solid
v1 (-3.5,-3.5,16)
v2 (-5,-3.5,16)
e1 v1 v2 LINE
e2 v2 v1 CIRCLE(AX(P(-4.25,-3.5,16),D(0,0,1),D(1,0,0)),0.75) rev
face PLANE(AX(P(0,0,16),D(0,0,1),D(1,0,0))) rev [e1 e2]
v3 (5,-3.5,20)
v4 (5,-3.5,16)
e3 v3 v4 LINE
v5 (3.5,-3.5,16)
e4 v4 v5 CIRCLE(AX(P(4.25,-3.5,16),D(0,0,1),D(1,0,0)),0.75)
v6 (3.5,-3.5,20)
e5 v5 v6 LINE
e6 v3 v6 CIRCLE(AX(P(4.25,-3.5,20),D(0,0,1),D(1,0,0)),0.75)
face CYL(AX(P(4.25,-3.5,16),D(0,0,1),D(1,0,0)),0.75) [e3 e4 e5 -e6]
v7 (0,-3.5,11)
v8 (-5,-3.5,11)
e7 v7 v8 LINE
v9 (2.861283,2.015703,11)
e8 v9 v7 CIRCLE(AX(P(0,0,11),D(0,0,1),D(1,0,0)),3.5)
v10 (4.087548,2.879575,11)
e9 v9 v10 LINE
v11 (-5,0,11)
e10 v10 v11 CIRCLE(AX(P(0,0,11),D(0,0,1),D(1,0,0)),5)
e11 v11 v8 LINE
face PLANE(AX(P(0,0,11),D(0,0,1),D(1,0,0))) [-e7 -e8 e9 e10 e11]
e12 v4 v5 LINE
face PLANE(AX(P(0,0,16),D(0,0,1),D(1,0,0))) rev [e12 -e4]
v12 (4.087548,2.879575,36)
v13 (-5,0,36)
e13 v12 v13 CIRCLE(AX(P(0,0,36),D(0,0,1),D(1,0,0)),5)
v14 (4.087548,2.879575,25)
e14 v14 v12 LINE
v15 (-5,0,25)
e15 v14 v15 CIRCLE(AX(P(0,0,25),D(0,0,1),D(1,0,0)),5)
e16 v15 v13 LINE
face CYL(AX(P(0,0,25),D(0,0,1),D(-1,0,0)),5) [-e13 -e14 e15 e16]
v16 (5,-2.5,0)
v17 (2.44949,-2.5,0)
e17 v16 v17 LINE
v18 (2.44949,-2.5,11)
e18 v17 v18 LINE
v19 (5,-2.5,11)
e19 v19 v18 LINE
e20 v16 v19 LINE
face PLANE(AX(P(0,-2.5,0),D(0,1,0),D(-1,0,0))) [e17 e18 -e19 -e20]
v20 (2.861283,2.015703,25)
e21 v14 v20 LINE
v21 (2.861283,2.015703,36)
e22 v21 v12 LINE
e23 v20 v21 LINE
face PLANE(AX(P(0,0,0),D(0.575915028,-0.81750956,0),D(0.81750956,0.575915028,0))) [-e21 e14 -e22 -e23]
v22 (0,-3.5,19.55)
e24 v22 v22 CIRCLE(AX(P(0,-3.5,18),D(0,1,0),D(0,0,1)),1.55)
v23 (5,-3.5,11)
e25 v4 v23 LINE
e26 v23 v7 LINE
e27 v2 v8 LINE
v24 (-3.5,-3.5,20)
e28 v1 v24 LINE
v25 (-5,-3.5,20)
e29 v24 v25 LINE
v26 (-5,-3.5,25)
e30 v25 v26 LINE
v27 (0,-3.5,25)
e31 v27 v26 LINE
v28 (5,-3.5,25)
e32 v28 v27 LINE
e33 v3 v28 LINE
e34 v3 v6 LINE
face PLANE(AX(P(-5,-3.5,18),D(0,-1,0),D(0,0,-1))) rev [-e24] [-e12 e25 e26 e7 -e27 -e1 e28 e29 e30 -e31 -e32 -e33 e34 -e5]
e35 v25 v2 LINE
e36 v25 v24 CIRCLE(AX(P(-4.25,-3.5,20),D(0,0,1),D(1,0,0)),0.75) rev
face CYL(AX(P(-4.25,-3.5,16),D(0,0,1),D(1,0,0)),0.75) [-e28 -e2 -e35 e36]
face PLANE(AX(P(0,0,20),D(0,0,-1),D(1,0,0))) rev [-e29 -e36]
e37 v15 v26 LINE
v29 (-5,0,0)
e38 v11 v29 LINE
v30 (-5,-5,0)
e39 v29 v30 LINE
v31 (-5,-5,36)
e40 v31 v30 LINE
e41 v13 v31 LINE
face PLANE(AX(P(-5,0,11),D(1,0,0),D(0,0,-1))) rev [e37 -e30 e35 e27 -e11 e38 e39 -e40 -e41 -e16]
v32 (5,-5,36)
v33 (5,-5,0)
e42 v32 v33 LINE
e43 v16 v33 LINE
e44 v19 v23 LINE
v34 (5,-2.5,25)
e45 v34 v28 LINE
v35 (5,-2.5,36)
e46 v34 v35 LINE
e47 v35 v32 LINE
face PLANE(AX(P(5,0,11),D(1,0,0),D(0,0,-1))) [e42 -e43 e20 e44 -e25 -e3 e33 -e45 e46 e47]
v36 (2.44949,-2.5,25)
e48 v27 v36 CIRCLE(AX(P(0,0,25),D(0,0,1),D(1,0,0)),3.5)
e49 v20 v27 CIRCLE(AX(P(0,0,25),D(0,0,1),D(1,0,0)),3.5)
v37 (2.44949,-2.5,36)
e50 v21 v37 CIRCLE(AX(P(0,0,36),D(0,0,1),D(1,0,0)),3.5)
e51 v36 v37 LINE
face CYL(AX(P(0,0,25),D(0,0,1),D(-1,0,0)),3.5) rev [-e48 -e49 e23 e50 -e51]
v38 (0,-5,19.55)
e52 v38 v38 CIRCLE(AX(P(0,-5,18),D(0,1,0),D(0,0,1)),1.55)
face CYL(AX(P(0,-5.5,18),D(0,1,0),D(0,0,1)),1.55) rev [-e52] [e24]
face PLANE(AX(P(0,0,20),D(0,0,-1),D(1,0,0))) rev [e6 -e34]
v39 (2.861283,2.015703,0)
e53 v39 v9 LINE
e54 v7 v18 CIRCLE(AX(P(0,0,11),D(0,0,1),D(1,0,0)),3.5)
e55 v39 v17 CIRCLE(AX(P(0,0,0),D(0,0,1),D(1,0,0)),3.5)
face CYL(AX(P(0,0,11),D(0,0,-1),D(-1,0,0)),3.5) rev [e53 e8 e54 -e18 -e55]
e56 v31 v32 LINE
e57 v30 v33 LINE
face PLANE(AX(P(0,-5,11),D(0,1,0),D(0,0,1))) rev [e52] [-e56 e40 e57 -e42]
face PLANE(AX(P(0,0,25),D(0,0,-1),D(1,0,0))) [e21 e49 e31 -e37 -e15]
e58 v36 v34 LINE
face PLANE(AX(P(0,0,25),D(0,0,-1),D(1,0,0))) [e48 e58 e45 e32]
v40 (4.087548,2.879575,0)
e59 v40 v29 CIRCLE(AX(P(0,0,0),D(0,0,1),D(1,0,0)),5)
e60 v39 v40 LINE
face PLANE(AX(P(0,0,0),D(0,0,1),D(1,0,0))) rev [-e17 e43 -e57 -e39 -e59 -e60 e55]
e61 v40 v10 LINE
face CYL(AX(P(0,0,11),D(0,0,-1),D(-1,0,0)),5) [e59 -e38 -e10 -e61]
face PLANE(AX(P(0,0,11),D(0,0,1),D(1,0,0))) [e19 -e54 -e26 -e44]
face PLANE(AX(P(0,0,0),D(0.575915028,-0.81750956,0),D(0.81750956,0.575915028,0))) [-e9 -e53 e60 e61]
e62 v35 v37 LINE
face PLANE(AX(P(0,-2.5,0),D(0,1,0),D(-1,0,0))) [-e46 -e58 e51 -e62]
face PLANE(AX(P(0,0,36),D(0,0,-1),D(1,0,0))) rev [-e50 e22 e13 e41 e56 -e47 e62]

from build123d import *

# Parameters (mm, degrees)
RESSALTO_EXTRUS_O1_DEPTH = 11
ESBO_O2_W                = 10
ESBO_O2_H                = 1.5
RESSALTO_EXTRUS_O2_DEPTH = 7
RESSALTO_EXTRUS_O3_DEPTH = 2
ESBO_O4_R                = 1.55
CORTE_EXTRUS_O1_DEPTH    = 2
CORTE_EXTRUS_O2_DEPTH    = 37.687872656


with BuildPart() as part:
    # Esboço1 → Ressalto-extrusão1 (new body)
    with BuildSketch(Plane.XY):
        with BuildLine():
            Line((-5, -5), (0, -5))
            ThreePointArc((0, -5), (-3.535533906, -3.535533906), (-5, 0))
            Line((-5, 0), (-5, -5))
        make_face()
        with BuildLine():
            Line((5, -5), (5, 0))
            ThreePointArc((5, 0), (3.535533906, -3.535533906), (0, -5))
            Line((0, -5), (5, -5))
        make_face()
        with BuildLine():
            ThreePointArc((-3.5, 0), (0, 3.5), (3.5, 0))
            Line((3.5, 0), (5, 0))
            ThreePointArc((5, 0), (3.535533906, 3.535533905), (1e-09, 5))
            ThreePointArc((1e-09, 5), (-3.535533905, 3.535533906), (-5, 0))
            Line((-5, 0), (-3.5, 0))
        make_face()
        with BuildLine():
            Line((5, 0), (3.5, 0))
            ThreePointArc((3.5, 0), (0, -3.5), (-3.5, 0))
            Line((-3.5, 0), (-5, 0))
            ThreePointArc((-5, 0), (-3.535533906, -3.535533906), (0, -5))
            ThreePointArc((0, -5), (3.535533906, -3.535533906), (5, 0))
        make_face()
    ressalto_extrus_o1 = extrude(amount=RESSALTO_EXTRUS_O1_DEPTH)

    # Esboço2 → Ressalto-extrusão2 (add)
    with BuildSketch(Plane.XY.offset(11)):
        with Locations((0, -4.25)):
            Rectangle(ESBO_O2_W, ESBO_O2_H)
    ressalto_extrus_o2 = extrude(amount=RESSALTO_EXTRUS_O2_DEPTH)

    # Esboço3 → Ressalto-extrusão3 (add)
    with BuildSketch(Plane.XY.offset(18)):
        with BuildLine():
            Line((3.5, -3.5), (5, -3.5))
            ThreePointArc((5, -3.5), (4.25, -2.75), (3.5, -3.5))
        make_face()
        with BuildLine():
            Line((-5, -3.5), (-3.5, -3.5))
            ThreePointArc((-3.5, -3.5), (-4.25, -2.75), (-5, -3.5))
        make_face()
    ressalto_extrus_o3 = extrude(amount=-RESSALTO_EXTRUS_O3_DEPTH)

    # Espelhar1: Ressalto-extrusão1, Ressalto-extrusão2, Ressalto-extrusão3 across plane
    add(ressalto_extrus_o1.mirror(Plane(origin=(0, 0, 18), x_dir=(1, 0, 0), z_dir=(0, 0, -1))))
    add(ressalto_extrus_o2.mirror(Plane(origin=(0, 0, 18), x_dir=(1, 0, 0), z_dir=(0, 0, -1))))
    add(ressalto_extrus_o3.mirror(Plane(origin=(0, 0, 18), x_dir=(1, 0, 0), z_dir=(0, 0, -1))))

    # Esboço4 → Corte-extrusão1 (cut)
    with BuildSketch(Plane(origin=(0, -3.5, 0), x_dir=(1, 0, 0), z_dir=(0, 1, 0))):
        with Locations(Location((0, -18, 0), (0, 0, 270))):
            Circle(ESBO_O4_R)
    extrude(amount=-CORTE_EXTRUS_O1_DEPTH, mode=Mode.SUBTRACT)

    # Esboço5 → Corte-extrusão2 (cut, through all)
    with BuildSketch(Plane.XY.offset(36)):
        with BuildLine():
            Line((2.449489743, -2.5), (5, -2.5))
            Line((5, -2.5), (5, 0))
            ThreePointArc((5, 0), (4.766431527, 1.510341187), (4.087547799, 2.87957514))
            Line((4.087547799, 2.87957514), (2.861283459, 2.015702598))
            ThreePointArc((2.861283459, 2.015702598), (3.336502069, 1.057238831), (3.5, 0))
            ThreePointArc((3.5, 0), (3.226702194, -1.355873501), (2.449489743, -2.5))
        make_face()
    extrude(amount=-CORTE_EXTRUS_O2_DEPTH, mode=Mode.SUBTRACT)


solid = part.part
